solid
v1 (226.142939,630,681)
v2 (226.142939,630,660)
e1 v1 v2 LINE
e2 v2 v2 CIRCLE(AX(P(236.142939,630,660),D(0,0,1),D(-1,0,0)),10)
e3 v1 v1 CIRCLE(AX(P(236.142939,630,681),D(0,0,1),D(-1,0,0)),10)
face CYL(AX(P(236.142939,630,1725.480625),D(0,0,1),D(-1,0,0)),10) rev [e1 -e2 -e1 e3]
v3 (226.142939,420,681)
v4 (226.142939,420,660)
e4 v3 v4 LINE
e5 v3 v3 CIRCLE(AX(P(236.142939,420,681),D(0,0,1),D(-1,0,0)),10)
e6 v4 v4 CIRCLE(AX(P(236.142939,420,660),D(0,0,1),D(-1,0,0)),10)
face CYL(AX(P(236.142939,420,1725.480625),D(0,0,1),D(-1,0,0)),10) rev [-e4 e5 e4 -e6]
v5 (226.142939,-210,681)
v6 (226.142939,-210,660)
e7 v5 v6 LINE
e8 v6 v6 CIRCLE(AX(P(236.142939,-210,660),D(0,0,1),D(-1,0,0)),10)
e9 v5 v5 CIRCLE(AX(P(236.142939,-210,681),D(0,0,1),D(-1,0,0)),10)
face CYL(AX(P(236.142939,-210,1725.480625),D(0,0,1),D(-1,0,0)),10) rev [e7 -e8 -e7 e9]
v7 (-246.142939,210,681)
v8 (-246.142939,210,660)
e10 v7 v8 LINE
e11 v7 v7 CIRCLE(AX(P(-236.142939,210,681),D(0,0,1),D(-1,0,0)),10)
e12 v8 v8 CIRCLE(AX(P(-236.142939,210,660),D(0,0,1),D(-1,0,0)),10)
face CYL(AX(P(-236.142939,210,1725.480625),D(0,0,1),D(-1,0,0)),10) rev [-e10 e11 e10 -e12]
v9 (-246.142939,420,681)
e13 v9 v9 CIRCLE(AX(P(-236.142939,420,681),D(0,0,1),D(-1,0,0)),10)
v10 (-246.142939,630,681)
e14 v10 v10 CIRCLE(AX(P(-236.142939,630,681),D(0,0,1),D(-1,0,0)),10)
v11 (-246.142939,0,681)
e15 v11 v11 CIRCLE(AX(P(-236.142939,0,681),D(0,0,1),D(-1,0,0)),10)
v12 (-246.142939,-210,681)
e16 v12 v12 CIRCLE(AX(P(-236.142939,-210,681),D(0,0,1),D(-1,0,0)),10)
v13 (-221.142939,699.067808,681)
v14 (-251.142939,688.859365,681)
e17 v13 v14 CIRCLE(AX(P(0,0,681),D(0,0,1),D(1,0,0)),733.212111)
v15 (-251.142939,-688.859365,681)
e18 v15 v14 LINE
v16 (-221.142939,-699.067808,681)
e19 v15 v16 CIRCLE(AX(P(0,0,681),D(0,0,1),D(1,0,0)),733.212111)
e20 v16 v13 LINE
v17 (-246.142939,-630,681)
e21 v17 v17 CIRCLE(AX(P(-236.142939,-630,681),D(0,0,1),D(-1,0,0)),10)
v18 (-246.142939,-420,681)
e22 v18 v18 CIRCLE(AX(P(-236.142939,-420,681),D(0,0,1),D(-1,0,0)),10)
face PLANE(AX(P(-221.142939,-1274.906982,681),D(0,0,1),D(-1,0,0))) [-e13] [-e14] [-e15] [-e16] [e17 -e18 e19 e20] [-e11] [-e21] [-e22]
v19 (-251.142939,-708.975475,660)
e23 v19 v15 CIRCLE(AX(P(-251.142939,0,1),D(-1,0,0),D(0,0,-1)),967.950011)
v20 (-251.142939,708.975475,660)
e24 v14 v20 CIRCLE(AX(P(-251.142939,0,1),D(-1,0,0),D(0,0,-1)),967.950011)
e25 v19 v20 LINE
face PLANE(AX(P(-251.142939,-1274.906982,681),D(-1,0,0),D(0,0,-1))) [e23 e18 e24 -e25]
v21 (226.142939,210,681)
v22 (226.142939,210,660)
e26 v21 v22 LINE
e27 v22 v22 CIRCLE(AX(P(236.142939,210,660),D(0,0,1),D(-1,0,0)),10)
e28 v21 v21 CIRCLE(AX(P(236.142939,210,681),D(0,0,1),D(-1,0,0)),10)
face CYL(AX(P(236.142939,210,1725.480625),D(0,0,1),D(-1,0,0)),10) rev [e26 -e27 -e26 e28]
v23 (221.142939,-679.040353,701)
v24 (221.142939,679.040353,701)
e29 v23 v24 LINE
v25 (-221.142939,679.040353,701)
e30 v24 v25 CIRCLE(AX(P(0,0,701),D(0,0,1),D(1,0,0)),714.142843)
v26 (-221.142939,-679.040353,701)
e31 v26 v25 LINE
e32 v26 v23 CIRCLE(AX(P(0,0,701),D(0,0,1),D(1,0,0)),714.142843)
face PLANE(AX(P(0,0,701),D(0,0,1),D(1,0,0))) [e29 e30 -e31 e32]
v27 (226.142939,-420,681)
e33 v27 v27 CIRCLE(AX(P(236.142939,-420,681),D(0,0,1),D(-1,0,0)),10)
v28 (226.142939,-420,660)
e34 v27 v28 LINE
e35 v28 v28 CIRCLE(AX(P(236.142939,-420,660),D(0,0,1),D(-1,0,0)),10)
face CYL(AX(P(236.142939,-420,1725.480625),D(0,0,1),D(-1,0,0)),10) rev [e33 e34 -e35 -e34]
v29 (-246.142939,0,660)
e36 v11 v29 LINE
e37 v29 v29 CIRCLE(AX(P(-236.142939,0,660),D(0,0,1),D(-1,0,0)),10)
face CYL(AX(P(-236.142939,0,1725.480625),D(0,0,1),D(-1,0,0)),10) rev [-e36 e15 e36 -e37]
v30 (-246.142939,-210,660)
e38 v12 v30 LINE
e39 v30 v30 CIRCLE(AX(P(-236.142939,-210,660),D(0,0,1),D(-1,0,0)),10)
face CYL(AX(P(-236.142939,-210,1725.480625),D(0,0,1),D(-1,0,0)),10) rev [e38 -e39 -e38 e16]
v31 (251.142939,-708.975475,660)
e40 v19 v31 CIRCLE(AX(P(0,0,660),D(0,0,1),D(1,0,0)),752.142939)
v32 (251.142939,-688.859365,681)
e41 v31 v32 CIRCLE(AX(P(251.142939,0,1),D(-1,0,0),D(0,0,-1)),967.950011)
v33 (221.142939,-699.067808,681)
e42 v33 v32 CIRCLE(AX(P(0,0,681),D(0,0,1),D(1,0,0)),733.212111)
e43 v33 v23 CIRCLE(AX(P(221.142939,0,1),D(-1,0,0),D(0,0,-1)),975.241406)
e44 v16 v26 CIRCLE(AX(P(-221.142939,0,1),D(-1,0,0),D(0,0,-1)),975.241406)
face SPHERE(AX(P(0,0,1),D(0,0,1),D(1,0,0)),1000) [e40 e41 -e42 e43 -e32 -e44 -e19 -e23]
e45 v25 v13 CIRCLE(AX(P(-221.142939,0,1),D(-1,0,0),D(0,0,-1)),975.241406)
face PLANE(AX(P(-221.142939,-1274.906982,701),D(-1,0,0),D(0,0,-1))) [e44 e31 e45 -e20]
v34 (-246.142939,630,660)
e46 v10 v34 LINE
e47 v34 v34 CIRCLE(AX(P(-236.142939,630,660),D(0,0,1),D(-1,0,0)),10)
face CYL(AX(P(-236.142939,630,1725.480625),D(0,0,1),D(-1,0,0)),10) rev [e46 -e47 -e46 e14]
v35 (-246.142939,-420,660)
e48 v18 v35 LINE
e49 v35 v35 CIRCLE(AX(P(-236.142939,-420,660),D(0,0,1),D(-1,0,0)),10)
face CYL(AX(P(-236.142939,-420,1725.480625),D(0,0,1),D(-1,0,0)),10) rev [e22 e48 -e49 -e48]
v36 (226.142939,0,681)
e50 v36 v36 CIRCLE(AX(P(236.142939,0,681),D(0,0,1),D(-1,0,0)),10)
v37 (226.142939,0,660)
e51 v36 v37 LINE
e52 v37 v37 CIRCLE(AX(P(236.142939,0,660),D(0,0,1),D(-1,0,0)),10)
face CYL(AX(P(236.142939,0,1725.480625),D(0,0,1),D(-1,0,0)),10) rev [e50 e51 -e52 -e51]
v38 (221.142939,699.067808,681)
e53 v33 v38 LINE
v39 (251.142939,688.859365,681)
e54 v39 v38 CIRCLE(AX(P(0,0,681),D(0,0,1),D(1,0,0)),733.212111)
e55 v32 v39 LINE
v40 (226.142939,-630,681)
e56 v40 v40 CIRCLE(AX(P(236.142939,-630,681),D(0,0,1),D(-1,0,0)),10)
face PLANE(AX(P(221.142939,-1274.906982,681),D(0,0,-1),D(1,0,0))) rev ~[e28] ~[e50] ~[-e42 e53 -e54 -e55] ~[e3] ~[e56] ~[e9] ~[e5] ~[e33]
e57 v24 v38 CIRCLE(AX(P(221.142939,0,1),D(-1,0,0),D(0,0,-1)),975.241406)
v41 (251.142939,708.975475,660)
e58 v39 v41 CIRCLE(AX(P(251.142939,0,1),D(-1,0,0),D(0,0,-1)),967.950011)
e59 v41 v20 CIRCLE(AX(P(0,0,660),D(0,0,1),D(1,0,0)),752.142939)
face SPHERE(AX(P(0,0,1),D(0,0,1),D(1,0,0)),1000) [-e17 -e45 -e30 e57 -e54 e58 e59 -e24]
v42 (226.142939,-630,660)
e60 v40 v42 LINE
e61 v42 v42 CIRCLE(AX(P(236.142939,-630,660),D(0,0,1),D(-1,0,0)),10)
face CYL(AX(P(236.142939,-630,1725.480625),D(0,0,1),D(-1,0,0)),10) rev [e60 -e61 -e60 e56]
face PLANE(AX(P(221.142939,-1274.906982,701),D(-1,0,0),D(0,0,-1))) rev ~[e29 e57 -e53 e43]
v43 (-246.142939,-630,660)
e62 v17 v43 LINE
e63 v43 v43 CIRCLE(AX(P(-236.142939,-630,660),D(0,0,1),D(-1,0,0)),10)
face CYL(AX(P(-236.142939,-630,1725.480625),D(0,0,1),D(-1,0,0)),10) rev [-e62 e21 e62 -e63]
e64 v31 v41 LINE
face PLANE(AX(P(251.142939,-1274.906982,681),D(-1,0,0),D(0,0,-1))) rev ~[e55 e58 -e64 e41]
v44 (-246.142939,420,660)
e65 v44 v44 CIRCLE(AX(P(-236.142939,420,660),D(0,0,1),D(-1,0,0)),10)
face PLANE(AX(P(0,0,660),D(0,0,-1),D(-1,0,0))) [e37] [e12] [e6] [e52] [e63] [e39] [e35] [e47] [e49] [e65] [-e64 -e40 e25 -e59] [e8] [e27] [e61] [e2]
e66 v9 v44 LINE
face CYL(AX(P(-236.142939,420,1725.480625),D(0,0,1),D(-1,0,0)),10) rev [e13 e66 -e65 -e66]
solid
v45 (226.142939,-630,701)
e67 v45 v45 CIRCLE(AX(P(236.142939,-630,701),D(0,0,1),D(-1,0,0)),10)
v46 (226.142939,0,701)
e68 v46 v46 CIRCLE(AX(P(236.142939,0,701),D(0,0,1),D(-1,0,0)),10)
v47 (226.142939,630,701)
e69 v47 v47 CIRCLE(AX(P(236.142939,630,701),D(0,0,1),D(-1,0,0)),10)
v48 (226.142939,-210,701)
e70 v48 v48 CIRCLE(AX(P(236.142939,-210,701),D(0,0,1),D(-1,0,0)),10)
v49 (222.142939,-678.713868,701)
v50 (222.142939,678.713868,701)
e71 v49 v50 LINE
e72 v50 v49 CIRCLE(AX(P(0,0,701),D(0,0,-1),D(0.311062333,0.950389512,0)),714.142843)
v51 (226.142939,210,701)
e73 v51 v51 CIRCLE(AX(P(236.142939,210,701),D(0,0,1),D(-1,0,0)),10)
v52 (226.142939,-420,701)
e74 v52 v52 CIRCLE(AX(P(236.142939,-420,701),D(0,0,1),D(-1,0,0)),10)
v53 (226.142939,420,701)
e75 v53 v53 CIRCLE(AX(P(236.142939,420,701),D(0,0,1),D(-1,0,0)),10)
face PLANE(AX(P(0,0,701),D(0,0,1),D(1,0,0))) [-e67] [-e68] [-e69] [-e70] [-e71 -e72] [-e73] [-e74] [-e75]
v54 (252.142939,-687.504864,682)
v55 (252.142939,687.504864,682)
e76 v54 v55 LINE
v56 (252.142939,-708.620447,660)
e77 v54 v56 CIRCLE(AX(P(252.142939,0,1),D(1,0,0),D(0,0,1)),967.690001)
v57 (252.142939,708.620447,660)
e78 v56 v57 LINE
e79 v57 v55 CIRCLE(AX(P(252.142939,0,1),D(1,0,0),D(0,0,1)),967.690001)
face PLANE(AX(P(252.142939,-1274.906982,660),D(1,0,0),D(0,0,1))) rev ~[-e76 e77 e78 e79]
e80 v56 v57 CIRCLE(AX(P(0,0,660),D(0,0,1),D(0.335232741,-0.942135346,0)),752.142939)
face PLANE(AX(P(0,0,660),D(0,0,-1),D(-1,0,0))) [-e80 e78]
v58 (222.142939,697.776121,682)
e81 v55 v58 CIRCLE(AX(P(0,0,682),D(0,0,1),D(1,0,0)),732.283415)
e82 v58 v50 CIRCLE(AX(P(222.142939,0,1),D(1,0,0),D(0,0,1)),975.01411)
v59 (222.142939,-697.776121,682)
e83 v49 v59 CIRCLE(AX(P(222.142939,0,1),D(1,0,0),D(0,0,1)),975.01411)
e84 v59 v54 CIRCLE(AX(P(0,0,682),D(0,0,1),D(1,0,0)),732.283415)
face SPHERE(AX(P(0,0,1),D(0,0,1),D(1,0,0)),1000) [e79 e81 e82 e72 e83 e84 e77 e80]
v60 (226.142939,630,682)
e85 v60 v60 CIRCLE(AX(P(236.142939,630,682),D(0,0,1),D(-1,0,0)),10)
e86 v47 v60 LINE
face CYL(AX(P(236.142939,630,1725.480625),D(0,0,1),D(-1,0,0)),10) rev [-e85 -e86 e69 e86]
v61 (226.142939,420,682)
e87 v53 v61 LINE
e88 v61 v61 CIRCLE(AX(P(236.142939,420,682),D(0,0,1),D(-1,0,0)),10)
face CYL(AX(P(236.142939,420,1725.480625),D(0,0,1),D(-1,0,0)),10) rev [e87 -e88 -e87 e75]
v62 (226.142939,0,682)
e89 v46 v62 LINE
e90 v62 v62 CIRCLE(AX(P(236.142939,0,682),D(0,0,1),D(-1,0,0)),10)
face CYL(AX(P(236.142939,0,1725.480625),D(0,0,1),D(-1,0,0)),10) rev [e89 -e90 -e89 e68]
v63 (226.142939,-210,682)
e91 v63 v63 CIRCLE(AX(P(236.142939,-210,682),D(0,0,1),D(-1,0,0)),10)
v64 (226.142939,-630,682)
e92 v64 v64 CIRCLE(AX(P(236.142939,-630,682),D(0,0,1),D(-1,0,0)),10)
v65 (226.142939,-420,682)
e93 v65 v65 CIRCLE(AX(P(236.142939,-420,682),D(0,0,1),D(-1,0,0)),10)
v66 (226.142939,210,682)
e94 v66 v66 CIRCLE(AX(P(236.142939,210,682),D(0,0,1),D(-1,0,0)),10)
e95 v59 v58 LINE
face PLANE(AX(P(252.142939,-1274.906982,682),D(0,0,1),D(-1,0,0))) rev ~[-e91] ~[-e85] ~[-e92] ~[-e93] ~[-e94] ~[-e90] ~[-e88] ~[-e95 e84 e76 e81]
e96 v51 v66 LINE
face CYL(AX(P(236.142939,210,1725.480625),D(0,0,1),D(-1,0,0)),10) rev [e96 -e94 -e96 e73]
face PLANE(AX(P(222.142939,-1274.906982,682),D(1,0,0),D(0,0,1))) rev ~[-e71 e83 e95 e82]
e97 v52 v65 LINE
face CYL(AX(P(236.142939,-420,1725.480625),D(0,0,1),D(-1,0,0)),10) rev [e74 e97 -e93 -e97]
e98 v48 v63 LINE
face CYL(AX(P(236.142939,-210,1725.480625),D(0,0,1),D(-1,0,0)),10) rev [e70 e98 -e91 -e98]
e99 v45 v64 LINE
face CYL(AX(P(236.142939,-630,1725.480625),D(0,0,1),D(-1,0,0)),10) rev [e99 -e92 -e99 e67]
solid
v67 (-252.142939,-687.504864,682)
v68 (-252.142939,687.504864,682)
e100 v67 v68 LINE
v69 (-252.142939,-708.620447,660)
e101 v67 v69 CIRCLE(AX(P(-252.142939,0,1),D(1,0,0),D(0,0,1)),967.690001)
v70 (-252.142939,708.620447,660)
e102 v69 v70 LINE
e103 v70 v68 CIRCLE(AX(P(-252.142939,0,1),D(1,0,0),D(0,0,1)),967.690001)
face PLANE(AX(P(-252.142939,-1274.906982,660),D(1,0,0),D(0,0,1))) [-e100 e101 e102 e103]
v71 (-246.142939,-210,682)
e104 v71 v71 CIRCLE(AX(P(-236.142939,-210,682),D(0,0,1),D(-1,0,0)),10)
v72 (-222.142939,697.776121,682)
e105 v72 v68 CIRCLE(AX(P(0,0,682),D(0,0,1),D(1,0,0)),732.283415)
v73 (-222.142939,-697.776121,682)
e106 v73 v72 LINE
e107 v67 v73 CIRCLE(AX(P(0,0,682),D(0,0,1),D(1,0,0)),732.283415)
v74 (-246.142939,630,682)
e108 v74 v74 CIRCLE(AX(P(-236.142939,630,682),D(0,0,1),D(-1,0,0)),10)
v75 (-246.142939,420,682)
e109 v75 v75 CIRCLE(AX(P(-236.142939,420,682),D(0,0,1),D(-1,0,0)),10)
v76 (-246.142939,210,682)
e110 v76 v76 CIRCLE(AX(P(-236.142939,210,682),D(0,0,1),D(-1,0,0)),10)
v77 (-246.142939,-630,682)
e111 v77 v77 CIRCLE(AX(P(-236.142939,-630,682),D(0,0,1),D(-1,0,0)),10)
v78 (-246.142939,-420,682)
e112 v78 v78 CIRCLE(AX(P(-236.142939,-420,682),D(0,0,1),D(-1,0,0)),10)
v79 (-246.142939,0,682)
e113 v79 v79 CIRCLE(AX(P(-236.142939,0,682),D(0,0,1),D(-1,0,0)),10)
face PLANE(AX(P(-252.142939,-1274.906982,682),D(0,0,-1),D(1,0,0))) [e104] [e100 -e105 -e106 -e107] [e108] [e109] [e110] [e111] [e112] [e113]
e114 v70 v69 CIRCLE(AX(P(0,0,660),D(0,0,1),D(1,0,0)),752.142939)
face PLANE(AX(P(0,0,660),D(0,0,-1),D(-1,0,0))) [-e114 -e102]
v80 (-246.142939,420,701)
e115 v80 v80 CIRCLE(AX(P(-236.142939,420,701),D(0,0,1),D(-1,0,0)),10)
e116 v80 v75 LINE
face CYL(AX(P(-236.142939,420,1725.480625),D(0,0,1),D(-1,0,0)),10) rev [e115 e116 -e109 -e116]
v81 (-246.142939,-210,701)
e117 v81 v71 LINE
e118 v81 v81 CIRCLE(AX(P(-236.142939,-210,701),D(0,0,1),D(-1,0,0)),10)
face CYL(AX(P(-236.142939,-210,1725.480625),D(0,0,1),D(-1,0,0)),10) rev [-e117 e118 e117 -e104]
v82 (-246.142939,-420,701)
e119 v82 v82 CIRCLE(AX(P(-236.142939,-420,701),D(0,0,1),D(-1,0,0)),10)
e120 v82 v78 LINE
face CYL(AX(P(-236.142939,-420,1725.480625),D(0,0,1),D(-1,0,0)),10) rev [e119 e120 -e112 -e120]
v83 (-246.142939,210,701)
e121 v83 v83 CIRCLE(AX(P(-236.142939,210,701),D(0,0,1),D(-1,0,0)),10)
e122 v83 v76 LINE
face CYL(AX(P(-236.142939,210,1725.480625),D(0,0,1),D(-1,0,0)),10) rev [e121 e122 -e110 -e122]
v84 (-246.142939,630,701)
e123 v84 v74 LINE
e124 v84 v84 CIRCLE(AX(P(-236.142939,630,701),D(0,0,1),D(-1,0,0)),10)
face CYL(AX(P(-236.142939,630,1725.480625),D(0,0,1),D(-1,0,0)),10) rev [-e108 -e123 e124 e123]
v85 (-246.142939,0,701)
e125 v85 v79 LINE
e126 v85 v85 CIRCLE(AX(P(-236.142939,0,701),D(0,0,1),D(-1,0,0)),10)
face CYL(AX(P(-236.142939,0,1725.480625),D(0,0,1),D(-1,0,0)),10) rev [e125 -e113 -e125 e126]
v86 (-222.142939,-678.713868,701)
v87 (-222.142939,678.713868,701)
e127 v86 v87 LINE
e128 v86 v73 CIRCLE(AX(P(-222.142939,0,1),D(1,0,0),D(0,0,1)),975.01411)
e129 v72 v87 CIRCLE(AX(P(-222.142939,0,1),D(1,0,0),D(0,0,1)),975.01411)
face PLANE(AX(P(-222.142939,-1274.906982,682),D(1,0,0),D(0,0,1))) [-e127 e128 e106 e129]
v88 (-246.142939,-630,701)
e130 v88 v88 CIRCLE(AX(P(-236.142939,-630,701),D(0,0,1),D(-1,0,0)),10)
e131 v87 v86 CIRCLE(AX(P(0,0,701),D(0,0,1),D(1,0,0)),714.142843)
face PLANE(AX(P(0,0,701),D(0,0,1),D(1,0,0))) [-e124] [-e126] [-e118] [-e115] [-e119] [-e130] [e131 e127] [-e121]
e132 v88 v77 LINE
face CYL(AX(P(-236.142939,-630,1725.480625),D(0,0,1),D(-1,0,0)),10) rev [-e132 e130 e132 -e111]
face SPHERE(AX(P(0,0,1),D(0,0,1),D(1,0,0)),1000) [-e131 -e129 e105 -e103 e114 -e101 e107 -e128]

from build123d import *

# Parameters (mm, degrees)
SKETCH1_R               = 1000
BOSS_EXTRUDE2_DEPTH     = 1
DOME1_FACE_RADIUS       = 1000
DOME1_HEIGHT            = 1000
CUT_EXTRUDE1_START      = -300
SKETCH2_R               = 1000
CUT_EXTRUDE1_DEPTH      = 300
SKETCH4_R               = 1000
CUT_EXTRUDE2_DEPTH      = 660
CUT_EXTRUDE5_DEPTH      = 1274.906982476
CUT_EXTRUDE5_DEPTH_BACK = 1274.906982476
CUT_EXTRUDE6_DEPTH      = 1065.48062453
CUT_EXTRUDE6_DEPTH_BACK = 1065.48062453
SKETCH7_R               = 10


with BuildPart() as part:
    # Sketch1 → Boss-Extrude2 (new body)
    with BuildSketch(Plane.XY):
        Circle(SKETCH1_R)
    extrude(amount=BOSS_EXTRUDE2_DEPTH)

    # Dome1: a dome of height H over a round flat face of radius A is a cap of a sphere of radius (A * A + H * H) / (2 * H)
    dome1_r = (DOME1_FACE_RADIUS * DOME1_FACE_RADIUS + DOME1_HEIGHT * DOME1_HEIGHT) / (2 * DOME1_HEIGHT)
    dome1_base = Plane((0, 0, 1), z_dir=(0, 0, 1))
    with Locations(dome1_base.offset(DOME1_HEIGHT - dome1_r)):
        dome1_ball = Sphere(dome1_r, mode=Mode.PRIVATE)
    add(split(dome1_ball, bisect_by=dome1_base, keep=Keep.TOP, mode=Mode.PRIVATE))

    # Sketch2 → Cut-Extrude1 (cut)
    with BuildSketch(Plane.XY.offset(1001).offset(CUT_EXTRUDE1_START)):
        Circle(SKETCH2_R)
    extrude(amount=CUT_EXTRUDE1_DEPTH, mode=Mode.SUBTRACT)

    # Sketch4 → Cut-Extrude2 (cut)
    with BuildSketch(Plane(origin=(0, 0, 0), x_dir=(-1, 0, 0), z_dir=(0, 0, -1))):
        Circle(SKETCH4_R)
    extrude(amount=-CUT_EXTRUDE2_DEPTH, mode=Mode.SUBTRACT)

    # Sketch6 → Cut-Extrude5 (cut, two sides: drawn at the far end of the back side and taken through both)
    with BuildSketch(Plane(origin=(0, 0, 0), x_dir=(1, 0, 0), z_dir=(0, 1, 0)).offset(-CUT_EXTRUDE5_DEPTH_BACK)):
        Polygon((-251.142938543, -681), (-251.142938543, -660), (-252.142938543, -660), (-252.142938543, -682), (-222.142938543, -682), (-222.142938543, -701), (-221.142938543, -701), (-221.142938543, -681), align=None)
        Polygon((251.142938543, -660), (252.142938543, -660), (252.142938543, -682), (222.142938543, -682), (222.142938543, -701), (221.142938543, -701), (221.142938543, -681), (251.142938543, -681), align=None)
    extrude(amount=CUT_EXTRUDE5_DEPTH + CUT_EXTRUDE5_DEPTH_BACK, mode=Mode.SUBTRACT)


with BuildPart() as cut_extrude5_piece_1:
    # of the separate pieces the step leaves, piece 1, a body of its own (cut_extrude5_pieces)
    add(part.part.solids().sort_by_distance((251.142938543, 688.859364762, 681))[0])


with BuildPart() as cut_extrude5_piece_2:
    # of the separate pieces the step leaves, piece 2, a body of its own (cut_extrude5_pieces)
    add(part.part.solids().sort_by_distance((222.142938543, 678.713868177, 701))[0])


with BuildPart() as cut_extrude5_piece_3:
    # of the separate pieces the step leaves, piece 3, a body of its own (cut_extrude5_pieces)
    add(part.part.solids().sort_by_distance((-252.142938543, 708.620447449, 660))[0])


with BuildPart() as cut_extrude6_tool:
    # Sketch7 → Cut-Extrude6 (new, two sides: drawn at the far end of the back side and taken through both)
    with BuildSketch(Plane(origin=(0, 0, 660), x_dir=(-1, 0, 0), z_dir=(0, 0, -1)).offset(-CUT_EXTRUDE6_DEPTH_BACK)):
        with Locations((-236.142938543, 0)):
            Circle(SKETCH7_R)
        with Locations((-236.142938543, 210)):
            Circle(SKETCH7_R)
        with Locations((-236.142938543, 420)):
            Circle(SKETCH7_R)
        with Locations((-236.142938543, 630)):
            Circle(SKETCH7_R)
        with Locations((-236.142938543, -210)):
            Circle(SKETCH7_R)
        with Locations((-236.142938543, -420)):
            Circle(SKETCH7_R)
        with Locations((-236.142938543, -630)):
            Circle(SKETCH7_R)
        with Locations((236.142938543, 0)):
            Circle(SKETCH7_R)
        with Locations((236.142938543, 210)):
            Circle(SKETCH7_R)
        with Locations((236.142938543, 420)):
            Circle(SKETCH7_R)
        with Locations((236.142938543, 630)):
            Circle(SKETCH7_R)
        with Locations((236.142938543, -210)):
            Circle(SKETCH7_R)
        with Locations((236.142938543, -420)):
            Circle(SKETCH7_R)
        with Locations((236.142938543, -630)):
            Circle(SKETCH7_R)
    extrude(amount=CUT_EXTRUDE6_DEPTH + CUT_EXTRUDE6_DEPTH_BACK)


with BuildPart() as cut_extrude5_piece_1_1:
    add(cut_extrude5_piece_1.part)

    # Cut-Extrude6: cut by cut_extrude6_tool
    add(cut_extrude6_tool.part, mode=Mode.SUBTRACT)


with BuildPart() as cut_extrude5_piece_2_1:
    add(cut_extrude5_piece_2.part)

    # Cut-Extrude6: cut by cut_extrude6_tool
    add(cut_extrude6_tool.part, mode=Mode.SUBTRACT)


with BuildPart() as cut_extrude5_piece_3_1:
    add(cut_extrude5_piece_3.part)

    # Cut-Extrude6: cut by cut_extrude6_tool
    add(cut_extrude6_tool.part, mode=Mode.SUBTRACT)


solid = Compound([cut_extrude5_piece_1_1.part, cut_extrude5_piece_2_1.part, cut_extrude5_piece_3_1.part])
